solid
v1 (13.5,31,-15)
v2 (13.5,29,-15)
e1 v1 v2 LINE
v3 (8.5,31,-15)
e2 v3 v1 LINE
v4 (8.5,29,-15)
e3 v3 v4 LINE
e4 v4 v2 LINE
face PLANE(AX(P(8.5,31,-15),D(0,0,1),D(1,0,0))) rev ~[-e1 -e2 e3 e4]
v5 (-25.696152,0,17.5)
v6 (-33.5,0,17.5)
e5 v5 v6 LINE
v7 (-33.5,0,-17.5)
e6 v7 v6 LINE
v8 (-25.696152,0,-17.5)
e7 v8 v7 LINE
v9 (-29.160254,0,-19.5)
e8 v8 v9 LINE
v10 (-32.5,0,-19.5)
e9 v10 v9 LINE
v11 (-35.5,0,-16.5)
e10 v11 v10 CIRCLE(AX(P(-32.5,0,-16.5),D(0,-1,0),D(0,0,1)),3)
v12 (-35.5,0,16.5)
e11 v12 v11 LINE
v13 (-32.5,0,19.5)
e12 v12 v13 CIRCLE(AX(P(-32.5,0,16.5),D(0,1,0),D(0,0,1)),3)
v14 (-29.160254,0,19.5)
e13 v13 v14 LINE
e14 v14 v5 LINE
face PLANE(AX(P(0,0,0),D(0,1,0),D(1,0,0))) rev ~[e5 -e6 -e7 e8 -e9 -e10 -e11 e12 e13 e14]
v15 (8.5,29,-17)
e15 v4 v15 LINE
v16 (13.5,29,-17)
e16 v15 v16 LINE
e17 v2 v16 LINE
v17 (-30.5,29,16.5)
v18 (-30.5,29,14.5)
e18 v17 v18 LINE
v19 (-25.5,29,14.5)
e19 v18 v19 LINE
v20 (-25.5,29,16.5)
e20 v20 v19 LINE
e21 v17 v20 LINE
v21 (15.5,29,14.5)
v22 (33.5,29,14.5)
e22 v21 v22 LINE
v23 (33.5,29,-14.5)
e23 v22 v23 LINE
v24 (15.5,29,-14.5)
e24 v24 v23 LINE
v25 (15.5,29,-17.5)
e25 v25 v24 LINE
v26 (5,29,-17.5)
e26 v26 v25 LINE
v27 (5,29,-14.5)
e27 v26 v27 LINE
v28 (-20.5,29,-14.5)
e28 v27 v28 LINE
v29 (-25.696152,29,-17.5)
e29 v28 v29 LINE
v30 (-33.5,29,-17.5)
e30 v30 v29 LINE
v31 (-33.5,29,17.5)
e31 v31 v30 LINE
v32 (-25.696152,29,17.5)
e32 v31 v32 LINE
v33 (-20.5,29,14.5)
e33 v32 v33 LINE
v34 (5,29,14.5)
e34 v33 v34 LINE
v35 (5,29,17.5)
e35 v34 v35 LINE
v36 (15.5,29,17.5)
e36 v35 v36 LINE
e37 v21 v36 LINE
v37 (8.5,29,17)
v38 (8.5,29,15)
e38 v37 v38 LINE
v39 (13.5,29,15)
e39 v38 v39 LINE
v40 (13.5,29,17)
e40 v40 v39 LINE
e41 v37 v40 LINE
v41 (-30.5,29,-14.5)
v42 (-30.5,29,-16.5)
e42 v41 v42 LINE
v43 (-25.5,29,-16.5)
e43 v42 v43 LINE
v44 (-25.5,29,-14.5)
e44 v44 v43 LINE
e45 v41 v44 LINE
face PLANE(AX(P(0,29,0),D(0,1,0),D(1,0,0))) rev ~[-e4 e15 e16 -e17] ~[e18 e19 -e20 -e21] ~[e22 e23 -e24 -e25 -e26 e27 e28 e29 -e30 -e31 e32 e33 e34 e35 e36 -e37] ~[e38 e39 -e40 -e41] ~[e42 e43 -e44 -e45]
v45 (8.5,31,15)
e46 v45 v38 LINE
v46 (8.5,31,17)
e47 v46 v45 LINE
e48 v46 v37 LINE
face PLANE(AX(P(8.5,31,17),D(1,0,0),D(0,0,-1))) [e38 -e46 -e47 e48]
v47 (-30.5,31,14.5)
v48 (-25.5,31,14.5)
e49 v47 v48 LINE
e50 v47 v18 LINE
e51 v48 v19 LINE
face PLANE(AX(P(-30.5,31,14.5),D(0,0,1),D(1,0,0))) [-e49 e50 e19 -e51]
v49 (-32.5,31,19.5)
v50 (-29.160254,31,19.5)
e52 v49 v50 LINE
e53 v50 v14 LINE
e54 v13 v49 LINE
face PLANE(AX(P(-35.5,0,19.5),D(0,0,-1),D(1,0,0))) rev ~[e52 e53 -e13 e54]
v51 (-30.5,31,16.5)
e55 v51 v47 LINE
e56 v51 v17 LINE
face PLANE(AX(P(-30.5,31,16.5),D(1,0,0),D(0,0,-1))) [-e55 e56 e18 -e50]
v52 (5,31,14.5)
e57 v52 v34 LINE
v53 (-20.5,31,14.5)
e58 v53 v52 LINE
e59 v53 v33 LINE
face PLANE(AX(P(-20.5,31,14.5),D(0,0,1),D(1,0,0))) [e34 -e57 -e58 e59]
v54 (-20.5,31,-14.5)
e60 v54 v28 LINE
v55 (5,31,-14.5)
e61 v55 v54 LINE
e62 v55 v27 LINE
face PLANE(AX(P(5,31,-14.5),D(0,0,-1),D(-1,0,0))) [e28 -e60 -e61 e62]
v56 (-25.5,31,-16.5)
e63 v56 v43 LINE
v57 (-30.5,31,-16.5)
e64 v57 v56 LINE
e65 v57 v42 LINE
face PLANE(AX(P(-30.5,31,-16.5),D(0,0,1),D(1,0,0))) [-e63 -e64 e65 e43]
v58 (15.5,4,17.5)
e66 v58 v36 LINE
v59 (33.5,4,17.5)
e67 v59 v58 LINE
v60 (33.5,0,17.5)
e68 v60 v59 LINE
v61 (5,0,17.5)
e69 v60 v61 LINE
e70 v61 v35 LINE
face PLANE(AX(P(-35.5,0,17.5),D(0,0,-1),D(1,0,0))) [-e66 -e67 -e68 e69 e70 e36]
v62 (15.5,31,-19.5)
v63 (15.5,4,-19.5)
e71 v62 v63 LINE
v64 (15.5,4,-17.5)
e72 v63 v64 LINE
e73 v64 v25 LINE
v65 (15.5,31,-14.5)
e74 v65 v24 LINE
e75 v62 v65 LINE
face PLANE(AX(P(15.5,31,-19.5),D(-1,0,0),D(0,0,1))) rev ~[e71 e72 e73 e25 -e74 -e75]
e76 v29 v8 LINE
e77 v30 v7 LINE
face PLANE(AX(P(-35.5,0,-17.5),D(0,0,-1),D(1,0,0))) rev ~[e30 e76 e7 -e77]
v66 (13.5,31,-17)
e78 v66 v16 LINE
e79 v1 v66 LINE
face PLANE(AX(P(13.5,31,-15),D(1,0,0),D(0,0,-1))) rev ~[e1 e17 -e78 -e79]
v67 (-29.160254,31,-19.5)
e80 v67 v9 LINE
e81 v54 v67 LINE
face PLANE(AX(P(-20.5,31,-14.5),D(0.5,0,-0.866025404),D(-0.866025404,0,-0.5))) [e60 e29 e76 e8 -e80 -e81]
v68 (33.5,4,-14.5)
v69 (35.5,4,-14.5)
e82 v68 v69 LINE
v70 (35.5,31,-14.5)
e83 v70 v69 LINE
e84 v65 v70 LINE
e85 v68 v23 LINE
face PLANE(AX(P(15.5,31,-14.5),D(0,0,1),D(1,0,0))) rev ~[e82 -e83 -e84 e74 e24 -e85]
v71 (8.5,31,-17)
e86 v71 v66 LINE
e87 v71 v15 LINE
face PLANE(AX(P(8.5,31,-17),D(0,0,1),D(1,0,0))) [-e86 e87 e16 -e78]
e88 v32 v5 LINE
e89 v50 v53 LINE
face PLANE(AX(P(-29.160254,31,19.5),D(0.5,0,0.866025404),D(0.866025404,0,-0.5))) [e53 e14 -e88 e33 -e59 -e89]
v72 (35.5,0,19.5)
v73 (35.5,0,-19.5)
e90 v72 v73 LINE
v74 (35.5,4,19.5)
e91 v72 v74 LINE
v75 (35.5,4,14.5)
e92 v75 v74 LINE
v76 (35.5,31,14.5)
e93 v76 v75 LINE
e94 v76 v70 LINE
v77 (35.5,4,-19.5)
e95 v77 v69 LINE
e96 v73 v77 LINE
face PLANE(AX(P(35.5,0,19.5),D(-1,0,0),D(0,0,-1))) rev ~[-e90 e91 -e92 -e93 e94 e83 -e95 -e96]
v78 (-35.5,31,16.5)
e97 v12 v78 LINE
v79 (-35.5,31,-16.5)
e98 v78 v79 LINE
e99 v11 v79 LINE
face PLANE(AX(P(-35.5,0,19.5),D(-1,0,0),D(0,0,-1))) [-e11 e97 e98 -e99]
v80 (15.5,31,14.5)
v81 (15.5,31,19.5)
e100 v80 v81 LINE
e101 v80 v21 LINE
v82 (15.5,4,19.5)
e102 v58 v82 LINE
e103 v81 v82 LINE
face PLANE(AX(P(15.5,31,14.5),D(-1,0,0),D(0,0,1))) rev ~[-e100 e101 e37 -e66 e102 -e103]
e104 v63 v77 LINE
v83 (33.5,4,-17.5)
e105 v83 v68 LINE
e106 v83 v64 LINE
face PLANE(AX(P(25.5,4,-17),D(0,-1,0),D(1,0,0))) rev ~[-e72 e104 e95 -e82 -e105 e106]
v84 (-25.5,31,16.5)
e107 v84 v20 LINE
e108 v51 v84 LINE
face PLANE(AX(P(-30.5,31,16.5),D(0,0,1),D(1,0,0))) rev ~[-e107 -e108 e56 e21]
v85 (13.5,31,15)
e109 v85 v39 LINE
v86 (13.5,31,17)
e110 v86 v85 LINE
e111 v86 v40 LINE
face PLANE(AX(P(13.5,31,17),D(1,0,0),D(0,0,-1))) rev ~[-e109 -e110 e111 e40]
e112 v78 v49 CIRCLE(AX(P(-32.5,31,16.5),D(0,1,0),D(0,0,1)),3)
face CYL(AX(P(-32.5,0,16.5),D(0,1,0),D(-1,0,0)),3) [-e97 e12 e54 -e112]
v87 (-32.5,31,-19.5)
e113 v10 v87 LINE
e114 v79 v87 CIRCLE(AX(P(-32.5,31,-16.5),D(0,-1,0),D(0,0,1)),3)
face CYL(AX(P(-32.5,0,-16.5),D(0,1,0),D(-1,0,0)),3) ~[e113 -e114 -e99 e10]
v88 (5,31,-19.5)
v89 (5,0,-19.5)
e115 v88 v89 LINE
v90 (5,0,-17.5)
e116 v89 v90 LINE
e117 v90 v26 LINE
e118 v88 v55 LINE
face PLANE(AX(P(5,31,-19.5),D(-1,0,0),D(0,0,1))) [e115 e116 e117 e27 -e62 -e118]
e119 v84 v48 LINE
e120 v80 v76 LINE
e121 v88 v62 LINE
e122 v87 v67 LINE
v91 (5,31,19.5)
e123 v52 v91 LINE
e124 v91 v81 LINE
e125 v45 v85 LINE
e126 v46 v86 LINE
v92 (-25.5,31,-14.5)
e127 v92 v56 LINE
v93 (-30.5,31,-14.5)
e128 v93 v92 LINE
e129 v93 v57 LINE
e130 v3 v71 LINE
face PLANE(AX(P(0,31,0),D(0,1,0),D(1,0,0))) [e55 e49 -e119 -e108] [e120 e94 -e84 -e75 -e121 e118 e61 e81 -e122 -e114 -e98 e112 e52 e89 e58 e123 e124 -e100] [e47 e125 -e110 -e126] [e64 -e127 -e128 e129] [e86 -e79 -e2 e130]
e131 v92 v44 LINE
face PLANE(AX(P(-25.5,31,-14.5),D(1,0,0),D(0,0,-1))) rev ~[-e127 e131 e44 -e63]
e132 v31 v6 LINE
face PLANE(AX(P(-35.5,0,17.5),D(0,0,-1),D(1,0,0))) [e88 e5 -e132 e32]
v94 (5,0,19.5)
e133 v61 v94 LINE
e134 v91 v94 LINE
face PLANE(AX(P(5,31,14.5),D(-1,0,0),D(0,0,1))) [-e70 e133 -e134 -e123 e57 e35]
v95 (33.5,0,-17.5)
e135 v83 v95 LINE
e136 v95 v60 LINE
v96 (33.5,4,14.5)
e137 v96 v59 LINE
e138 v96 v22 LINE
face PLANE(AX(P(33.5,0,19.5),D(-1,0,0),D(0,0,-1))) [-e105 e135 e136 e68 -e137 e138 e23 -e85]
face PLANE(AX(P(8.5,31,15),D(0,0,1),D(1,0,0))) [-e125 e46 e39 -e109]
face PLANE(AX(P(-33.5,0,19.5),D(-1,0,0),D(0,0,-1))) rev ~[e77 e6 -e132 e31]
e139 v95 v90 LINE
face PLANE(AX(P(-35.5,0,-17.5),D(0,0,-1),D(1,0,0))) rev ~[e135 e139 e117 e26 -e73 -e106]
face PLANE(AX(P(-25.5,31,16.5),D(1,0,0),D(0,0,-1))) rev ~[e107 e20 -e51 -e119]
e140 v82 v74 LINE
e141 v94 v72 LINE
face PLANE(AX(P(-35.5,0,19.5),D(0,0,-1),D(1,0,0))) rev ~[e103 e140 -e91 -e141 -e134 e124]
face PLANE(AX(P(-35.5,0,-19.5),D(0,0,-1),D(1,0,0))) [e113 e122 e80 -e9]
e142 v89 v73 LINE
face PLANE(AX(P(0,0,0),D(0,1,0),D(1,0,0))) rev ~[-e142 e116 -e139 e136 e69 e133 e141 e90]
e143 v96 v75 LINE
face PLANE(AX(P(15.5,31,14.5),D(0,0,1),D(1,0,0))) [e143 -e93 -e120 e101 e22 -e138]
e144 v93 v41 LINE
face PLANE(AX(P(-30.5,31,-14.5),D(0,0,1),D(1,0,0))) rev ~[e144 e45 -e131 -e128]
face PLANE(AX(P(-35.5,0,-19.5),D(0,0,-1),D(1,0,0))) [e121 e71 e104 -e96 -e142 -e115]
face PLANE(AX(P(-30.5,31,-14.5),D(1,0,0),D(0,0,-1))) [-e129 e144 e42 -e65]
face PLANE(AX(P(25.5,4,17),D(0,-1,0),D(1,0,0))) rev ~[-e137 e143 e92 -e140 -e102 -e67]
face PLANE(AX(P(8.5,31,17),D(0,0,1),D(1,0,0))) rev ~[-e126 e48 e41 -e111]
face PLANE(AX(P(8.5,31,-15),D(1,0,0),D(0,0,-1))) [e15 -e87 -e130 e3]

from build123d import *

# Parameters (mm, degrees)
SKETCH1_W           = 71
SKETCH1_H           = 39
BOSS_EXTRUDE1_DEPTH = 31
SHELL1_T            = -2
CUT_EXTRUDE1_DEPTH  = 52.004901725
SKETCH4_W           = 20
SKETCH4_H           = 5
CUT_EXTRUDE2_DEPTH  = 27
SKETCH5_W           = 5
SKETCH5_H           = 2
CUT_EXTRUDE3_DEPTH  = 52.004901725
FILLET2_R           = 3


with BuildPart() as part:
    # Sketch1 → Boss-Extrude1 (new body)
    with BuildSketch(Plane(origin=(0, 0, 0), x_dir=(1, 0, 0), z_dir=(0, 1, 0))):
        Rectangle(SKETCH1_W, SKETCH1_H)
    extrude(amount=BOSS_EXTRUDE1_DEPTH)

    # Shell1
    shell1_openings = [part.faces().sort_by_distance(p)[0] for p in [
        (0, 0, 0),
    ]]
    offset(amount=SHELL1_T, openings=shell1_openings, kind=Kind.INTERSECTION)

    # Sketch2 → Cut-Extrude1 (cut, through all)
    with BuildSketch(Plane(origin=(0, 31, 0), x_dir=(1, 0, 0), z_dir=(0, 1, 0))):
        Polygon((-29.160254038, 19.5), (5, 19.5), (5, 14.5), (-20.5, 14.5), align=None)
        Polygon((-20.5, -14.5), (5, -14.5), (5, -19.5), (-29.160254038, -19.5), align=None)
    extrude(amount=-CUT_EXTRUDE1_DEPTH, mode=Mode.SUBTRACT)

    # Sketch4 → Cut-Extrude2 (cut)
    with BuildSketch(Plane(origin=(0, 31, -31), x_dir=(1, 0, 0), z_dir=(0, -1, 0))):
        with Locations((25.5, 48)):
            Rectangle(SKETCH4_W, SKETCH4_H)
        with Locations((25.5, 14)):
            Rectangle(SKETCH4_W, SKETCH4_H)
    extrude(amount=CUT_EXTRUDE2_DEPTH, mode=Mode.SUBTRACT)

    # Sketch5 → Cut-Extrude3 (cut, through all)
    with BuildSketch(Plane(origin=(0, 31, 0), x_dir=(1, 0, 0), z_dir=(0, 1, 0))):
        with Locations((-28, 15.5)):
            Rectangle(SKETCH5_W, SKETCH5_H)
        with Locations((11, 16)):
            Rectangle(SKETCH5_W, SKETCH5_H)
        with Locations((11, -16)):
            Rectangle(SKETCH5_W, SKETCH5_H)
        with Locations((-28, -15.5)):
            Rectangle(SKETCH5_W, SKETCH5_H)
    extrude(amount=-CUT_EXTRUDE3_DEPTH, mode=Mode.SUBTRACT)

    # Fillet2
    fillet2_edges = [part.edges().sort_by_distance(p)[0] for p in [
        (-35.5, 15.5, 19.5),
        (-35.5, 15.5, -19.5),
    ]]
    fillet(fillet2_edges, radius=FILLET2_R)


solid = part.part
